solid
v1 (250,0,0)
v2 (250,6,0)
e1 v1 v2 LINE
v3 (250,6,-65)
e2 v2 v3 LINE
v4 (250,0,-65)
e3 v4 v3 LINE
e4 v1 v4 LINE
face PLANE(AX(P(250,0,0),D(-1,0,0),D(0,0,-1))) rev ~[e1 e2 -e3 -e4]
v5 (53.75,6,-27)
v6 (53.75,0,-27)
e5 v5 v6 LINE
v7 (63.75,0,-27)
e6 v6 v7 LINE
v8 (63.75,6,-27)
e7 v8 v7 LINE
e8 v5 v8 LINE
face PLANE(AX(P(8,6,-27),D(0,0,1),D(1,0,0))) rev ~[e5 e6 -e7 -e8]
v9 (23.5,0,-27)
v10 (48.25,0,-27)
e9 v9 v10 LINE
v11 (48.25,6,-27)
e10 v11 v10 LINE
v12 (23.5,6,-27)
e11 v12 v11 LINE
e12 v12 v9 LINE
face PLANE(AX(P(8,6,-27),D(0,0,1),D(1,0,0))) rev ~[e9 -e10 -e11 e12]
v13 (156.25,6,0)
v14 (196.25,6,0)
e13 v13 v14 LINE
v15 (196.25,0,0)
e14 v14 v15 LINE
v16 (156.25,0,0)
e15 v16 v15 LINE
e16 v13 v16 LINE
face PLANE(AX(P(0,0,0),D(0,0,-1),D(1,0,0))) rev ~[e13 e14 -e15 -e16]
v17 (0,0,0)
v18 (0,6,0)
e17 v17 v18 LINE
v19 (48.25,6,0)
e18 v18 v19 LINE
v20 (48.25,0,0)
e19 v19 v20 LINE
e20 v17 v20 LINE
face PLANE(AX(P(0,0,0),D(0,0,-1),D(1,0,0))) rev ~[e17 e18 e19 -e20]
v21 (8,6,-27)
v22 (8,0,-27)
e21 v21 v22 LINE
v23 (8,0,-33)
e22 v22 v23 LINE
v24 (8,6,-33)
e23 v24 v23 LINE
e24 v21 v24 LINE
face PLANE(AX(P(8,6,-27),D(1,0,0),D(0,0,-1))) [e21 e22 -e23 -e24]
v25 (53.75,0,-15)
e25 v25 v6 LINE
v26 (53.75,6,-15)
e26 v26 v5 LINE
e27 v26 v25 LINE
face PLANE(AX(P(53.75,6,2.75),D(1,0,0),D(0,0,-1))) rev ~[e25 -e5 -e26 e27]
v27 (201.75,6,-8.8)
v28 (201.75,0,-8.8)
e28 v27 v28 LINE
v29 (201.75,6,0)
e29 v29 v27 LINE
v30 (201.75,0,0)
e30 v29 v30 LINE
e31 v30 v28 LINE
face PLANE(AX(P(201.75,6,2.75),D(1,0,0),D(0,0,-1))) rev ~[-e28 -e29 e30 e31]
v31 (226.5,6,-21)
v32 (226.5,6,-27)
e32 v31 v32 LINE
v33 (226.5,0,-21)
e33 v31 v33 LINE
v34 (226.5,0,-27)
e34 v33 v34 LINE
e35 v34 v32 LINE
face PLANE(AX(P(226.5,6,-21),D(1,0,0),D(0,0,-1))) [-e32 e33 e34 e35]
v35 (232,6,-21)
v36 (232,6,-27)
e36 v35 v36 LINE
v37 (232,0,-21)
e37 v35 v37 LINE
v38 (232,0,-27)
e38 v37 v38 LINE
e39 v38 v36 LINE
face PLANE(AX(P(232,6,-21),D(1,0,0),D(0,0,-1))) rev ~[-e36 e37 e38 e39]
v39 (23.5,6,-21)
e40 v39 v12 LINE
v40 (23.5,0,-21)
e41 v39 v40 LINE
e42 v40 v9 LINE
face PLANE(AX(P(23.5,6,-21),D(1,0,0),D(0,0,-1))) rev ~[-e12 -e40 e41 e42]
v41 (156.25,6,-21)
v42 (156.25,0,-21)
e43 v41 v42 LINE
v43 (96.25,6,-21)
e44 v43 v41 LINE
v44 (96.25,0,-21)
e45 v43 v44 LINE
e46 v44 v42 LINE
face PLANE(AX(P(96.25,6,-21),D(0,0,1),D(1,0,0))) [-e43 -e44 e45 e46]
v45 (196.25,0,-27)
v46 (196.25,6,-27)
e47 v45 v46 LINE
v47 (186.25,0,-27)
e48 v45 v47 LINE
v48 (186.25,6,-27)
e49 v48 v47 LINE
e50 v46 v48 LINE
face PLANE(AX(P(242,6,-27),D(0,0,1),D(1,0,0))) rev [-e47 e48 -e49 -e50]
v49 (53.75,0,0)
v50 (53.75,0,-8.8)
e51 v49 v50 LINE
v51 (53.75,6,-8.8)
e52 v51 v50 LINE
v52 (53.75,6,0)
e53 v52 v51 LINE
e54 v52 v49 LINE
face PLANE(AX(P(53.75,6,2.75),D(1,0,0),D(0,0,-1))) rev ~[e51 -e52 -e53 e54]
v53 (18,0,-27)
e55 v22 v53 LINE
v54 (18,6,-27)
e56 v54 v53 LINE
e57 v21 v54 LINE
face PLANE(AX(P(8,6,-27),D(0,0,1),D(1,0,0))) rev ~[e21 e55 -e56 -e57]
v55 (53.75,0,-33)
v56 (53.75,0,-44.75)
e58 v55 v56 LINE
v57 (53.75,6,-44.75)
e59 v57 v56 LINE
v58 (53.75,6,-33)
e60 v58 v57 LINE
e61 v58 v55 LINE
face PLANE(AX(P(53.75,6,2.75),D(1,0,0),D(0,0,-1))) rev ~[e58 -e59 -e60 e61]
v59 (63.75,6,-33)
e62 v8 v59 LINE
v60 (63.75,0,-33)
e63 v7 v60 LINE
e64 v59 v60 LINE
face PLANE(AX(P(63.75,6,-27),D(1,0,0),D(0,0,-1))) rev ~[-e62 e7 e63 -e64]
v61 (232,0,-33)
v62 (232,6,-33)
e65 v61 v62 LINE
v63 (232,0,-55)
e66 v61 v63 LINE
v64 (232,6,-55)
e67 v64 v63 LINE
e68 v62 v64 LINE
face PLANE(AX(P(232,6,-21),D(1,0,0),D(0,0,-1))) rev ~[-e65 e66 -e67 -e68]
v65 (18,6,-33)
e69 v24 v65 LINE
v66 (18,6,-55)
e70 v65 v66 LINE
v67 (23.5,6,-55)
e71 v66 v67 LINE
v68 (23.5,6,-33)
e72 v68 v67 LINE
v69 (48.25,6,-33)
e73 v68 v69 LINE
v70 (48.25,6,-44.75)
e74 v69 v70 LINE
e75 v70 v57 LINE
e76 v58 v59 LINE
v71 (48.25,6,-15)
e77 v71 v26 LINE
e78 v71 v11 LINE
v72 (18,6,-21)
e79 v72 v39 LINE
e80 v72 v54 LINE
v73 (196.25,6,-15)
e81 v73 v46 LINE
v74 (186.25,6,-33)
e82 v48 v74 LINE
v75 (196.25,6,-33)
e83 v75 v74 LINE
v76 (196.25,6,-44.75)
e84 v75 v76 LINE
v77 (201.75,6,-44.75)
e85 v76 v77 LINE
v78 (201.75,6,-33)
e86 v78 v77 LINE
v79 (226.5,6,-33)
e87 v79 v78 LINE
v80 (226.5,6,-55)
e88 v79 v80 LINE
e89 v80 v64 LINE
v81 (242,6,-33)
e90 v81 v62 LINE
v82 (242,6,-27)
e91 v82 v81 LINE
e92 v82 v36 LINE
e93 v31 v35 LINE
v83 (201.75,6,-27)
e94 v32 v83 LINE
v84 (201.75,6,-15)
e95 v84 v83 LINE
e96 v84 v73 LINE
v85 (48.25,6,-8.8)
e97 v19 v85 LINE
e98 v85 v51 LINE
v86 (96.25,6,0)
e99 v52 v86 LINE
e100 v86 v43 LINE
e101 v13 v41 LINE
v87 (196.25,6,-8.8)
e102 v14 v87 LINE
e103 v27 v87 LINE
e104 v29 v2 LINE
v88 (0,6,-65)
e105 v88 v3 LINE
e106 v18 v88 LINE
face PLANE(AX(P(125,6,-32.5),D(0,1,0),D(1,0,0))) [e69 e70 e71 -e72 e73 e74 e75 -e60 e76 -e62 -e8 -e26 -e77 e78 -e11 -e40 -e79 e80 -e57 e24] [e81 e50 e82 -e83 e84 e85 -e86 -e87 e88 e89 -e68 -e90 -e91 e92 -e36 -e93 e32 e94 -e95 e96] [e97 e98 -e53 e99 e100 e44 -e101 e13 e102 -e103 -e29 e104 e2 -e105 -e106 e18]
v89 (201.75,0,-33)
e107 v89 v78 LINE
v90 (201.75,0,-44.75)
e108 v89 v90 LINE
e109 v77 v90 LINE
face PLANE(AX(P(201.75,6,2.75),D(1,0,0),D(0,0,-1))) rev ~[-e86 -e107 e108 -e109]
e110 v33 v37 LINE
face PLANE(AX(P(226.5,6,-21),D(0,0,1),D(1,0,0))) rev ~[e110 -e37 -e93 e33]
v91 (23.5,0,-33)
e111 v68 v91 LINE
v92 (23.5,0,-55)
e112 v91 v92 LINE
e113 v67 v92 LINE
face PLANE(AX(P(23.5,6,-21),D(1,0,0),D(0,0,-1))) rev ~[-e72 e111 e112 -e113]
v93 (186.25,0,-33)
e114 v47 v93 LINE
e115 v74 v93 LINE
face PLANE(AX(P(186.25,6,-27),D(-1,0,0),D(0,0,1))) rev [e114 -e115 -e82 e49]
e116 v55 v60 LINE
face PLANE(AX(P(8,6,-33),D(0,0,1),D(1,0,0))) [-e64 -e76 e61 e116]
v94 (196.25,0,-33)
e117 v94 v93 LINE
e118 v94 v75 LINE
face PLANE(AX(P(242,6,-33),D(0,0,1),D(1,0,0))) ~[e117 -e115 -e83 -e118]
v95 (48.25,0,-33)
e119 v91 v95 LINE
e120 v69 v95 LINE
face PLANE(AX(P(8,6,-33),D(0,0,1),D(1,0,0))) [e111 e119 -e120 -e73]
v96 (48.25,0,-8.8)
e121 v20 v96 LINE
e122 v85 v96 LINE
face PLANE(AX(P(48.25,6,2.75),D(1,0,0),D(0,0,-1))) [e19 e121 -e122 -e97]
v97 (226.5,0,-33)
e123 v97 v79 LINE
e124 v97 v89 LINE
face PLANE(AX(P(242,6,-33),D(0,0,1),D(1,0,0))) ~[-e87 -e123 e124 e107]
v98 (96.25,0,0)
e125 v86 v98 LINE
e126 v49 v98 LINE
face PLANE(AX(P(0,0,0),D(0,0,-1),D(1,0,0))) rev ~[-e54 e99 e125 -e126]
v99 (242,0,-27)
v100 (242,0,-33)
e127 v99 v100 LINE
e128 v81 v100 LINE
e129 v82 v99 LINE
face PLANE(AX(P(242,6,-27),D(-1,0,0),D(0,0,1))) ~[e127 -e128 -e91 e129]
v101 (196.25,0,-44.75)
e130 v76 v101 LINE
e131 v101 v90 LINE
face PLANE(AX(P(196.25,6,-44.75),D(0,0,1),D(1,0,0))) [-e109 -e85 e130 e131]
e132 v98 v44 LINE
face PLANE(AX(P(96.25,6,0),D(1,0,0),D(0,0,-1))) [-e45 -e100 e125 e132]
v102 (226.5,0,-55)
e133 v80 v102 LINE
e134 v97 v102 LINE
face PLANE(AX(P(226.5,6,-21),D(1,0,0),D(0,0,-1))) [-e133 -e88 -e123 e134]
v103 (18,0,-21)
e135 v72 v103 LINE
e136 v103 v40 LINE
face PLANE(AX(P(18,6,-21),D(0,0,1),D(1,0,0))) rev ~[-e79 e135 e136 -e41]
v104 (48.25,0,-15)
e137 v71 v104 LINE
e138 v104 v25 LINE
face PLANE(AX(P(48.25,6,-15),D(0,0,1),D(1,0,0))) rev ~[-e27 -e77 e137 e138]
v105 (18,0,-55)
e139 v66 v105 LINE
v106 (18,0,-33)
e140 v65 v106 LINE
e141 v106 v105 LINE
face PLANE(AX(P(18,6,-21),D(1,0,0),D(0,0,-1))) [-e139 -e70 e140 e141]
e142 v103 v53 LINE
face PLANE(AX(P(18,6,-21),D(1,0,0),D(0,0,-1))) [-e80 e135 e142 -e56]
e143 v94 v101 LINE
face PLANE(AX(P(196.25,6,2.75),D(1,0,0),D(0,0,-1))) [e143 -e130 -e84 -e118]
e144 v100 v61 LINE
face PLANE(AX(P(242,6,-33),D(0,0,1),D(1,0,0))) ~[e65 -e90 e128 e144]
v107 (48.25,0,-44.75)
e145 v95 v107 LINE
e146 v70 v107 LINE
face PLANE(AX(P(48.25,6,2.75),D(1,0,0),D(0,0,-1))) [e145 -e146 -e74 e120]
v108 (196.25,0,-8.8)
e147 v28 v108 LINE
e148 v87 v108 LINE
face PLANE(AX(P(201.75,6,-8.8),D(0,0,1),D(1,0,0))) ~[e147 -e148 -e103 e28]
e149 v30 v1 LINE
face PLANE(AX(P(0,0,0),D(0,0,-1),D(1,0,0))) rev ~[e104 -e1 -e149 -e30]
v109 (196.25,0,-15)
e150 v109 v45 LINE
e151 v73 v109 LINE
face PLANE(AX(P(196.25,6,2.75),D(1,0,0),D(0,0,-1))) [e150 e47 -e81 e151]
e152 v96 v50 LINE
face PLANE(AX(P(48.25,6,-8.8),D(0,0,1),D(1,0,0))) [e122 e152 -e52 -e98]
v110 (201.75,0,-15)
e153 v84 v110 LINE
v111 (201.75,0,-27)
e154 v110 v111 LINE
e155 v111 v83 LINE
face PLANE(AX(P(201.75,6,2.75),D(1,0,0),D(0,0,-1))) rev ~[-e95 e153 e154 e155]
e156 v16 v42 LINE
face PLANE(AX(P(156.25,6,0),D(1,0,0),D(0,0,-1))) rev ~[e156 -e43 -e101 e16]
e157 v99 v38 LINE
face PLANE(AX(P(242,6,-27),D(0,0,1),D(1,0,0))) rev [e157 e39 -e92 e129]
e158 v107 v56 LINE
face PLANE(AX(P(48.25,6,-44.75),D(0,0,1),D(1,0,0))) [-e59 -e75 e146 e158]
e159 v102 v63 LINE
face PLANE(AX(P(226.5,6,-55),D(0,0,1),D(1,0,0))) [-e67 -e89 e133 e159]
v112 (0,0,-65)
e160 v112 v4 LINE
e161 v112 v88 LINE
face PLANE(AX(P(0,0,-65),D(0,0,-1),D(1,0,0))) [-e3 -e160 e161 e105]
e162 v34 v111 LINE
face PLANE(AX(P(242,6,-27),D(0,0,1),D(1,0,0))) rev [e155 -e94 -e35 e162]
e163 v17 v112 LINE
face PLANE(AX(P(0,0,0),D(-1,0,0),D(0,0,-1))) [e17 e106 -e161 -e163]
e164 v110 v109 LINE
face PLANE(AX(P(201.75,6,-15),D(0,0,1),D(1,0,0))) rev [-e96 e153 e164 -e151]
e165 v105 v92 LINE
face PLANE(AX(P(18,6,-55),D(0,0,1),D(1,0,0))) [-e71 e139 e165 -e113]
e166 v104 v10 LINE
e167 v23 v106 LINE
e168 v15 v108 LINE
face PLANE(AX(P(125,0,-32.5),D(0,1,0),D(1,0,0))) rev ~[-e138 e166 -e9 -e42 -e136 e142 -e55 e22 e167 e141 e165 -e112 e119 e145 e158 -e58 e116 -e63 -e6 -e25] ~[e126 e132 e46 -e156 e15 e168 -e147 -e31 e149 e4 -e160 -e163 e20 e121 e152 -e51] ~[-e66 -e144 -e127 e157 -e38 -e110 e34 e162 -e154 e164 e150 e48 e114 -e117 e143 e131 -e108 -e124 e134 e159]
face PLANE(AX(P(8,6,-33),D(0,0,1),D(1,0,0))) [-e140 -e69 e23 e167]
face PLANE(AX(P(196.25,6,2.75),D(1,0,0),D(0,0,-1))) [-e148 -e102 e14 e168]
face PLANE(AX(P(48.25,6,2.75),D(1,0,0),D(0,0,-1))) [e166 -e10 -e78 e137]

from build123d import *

# Parameters (mm, degrees)
SKETCH1_W           = 250
SKETCH1_H           = 65
BOSS_EXTRUDE1_DEPTH = 6
SKETCH2_W           = 5.5
SKETCH2_H           = 34
SKETCH2_H_2         = 47.5
CUT_EXTRUDE1_DEPTH  = 259.381500886
SKETCH3_W           = 60
SKETCH3_H           = 21
CUT_EXTRUDE2_DEPTH  = 259.381500886
SKETCH4_W           = 55.75
SKETCH4_H           = 6
CUT_EXTRUDE3_DEPTH  = 259.381500886
SKETCH5_W           = 5.5
SKETCH5_H           = 6.2
BOSS_EXTRUDE2_DEPTH = 6


with BuildPart() as part:
    # Sketch1 → Boss-Extrude1 (new body)
    with BuildSketch(Plane(origin=(0, 0, 0), x_dir=(1, 0, 0), z_dir=(0, 1, 0))):
        with Locations((125, 32.5)):
            Rectangle(SKETCH1_W, SKETCH1_H)
    extrude(amount=BOSS_EXTRUDE1_DEPTH)

    # Sketch2 → Cut-Extrude1 (cut, through all)
    with BuildSketch(Plane(origin=(0, 6, 0), x_dir=(1, 0, 0), z_dir=(0, 1, 0))):
        with Locations((20.75, 38)):
            Rectangle(SKETCH2_W, SKETCH2_H)
        with Locations((51, 21)):
            Rectangle(SKETCH2_W, SKETCH2_H_2)
        with Locations((199, 21)):
            Rectangle(SKETCH2_W, SKETCH2_H_2)
        with Locations((229.25, 38)):
            Rectangle(SKETCH2_W, SKETCH2_H)
    extrude(amount=-CUT_EXTRUDE1_DEPTH, mode=Mode.SUBTRACT)

    # Sketch3 → Cut-Extrude2 (cut, through all)
    with BuildSketch(Plane(origin=(0, 6, 0), x_dir=(1, 0, 0), z_dir=(0, 1, 0))):
        with Locations((126.25, 10.5)):
            Rectangle(SKETCH3_W, SKETCH3_H)
    extrude(amount=-CUT_EXTRUDE2_DEPTH, mode=Mode.SUBTRACT)

    # Sketch4 → Cut-Extrude3 (cut, through all)
    with BuildSketch(Plane(origin=(0, 6, 0), x_dir=(1, 0, 0), z_dir=(0, 1, 0))):
        with Locations((35.875, 30)):
            Rectangle(SKETCH4_W, SKETCH4_H)
    cut_extrude3 = extrude(amount=-CUT_EXTRUDE3_DEPTH, mode=Mode.SUBTRACT)

    # Sketch5 → Boss-Extrude2 (add)
    with BuildSketch(Plane(origin=(0, 6, 0), x_dir=(1, 0, 0), z_dir=(0, 1, 0))):
        with Locations((51, 11.9)):
            Rectangle(SKETCH5_W, SKETCH5_H)
    boss_extrude2 = extrude(amount=-BOSS_EXTRUDE2_DEPTH)

    # Mirror1: Cut-Extrude3, Boss-Extrude2 across plane
    add(cut_extrude3.mirror(Plane(origin=(125, 0, 0), x_dir=(0, 0, 1), z_dir=(1, 0, 0))), mode=Mode.SUBTRACT)
    add(boss_extrude2.mirror(Plane(origin=(125, 0, 0), x_dir=(0, 0, 1), z_dir=(1, 0, 0))))


solid = part.part
